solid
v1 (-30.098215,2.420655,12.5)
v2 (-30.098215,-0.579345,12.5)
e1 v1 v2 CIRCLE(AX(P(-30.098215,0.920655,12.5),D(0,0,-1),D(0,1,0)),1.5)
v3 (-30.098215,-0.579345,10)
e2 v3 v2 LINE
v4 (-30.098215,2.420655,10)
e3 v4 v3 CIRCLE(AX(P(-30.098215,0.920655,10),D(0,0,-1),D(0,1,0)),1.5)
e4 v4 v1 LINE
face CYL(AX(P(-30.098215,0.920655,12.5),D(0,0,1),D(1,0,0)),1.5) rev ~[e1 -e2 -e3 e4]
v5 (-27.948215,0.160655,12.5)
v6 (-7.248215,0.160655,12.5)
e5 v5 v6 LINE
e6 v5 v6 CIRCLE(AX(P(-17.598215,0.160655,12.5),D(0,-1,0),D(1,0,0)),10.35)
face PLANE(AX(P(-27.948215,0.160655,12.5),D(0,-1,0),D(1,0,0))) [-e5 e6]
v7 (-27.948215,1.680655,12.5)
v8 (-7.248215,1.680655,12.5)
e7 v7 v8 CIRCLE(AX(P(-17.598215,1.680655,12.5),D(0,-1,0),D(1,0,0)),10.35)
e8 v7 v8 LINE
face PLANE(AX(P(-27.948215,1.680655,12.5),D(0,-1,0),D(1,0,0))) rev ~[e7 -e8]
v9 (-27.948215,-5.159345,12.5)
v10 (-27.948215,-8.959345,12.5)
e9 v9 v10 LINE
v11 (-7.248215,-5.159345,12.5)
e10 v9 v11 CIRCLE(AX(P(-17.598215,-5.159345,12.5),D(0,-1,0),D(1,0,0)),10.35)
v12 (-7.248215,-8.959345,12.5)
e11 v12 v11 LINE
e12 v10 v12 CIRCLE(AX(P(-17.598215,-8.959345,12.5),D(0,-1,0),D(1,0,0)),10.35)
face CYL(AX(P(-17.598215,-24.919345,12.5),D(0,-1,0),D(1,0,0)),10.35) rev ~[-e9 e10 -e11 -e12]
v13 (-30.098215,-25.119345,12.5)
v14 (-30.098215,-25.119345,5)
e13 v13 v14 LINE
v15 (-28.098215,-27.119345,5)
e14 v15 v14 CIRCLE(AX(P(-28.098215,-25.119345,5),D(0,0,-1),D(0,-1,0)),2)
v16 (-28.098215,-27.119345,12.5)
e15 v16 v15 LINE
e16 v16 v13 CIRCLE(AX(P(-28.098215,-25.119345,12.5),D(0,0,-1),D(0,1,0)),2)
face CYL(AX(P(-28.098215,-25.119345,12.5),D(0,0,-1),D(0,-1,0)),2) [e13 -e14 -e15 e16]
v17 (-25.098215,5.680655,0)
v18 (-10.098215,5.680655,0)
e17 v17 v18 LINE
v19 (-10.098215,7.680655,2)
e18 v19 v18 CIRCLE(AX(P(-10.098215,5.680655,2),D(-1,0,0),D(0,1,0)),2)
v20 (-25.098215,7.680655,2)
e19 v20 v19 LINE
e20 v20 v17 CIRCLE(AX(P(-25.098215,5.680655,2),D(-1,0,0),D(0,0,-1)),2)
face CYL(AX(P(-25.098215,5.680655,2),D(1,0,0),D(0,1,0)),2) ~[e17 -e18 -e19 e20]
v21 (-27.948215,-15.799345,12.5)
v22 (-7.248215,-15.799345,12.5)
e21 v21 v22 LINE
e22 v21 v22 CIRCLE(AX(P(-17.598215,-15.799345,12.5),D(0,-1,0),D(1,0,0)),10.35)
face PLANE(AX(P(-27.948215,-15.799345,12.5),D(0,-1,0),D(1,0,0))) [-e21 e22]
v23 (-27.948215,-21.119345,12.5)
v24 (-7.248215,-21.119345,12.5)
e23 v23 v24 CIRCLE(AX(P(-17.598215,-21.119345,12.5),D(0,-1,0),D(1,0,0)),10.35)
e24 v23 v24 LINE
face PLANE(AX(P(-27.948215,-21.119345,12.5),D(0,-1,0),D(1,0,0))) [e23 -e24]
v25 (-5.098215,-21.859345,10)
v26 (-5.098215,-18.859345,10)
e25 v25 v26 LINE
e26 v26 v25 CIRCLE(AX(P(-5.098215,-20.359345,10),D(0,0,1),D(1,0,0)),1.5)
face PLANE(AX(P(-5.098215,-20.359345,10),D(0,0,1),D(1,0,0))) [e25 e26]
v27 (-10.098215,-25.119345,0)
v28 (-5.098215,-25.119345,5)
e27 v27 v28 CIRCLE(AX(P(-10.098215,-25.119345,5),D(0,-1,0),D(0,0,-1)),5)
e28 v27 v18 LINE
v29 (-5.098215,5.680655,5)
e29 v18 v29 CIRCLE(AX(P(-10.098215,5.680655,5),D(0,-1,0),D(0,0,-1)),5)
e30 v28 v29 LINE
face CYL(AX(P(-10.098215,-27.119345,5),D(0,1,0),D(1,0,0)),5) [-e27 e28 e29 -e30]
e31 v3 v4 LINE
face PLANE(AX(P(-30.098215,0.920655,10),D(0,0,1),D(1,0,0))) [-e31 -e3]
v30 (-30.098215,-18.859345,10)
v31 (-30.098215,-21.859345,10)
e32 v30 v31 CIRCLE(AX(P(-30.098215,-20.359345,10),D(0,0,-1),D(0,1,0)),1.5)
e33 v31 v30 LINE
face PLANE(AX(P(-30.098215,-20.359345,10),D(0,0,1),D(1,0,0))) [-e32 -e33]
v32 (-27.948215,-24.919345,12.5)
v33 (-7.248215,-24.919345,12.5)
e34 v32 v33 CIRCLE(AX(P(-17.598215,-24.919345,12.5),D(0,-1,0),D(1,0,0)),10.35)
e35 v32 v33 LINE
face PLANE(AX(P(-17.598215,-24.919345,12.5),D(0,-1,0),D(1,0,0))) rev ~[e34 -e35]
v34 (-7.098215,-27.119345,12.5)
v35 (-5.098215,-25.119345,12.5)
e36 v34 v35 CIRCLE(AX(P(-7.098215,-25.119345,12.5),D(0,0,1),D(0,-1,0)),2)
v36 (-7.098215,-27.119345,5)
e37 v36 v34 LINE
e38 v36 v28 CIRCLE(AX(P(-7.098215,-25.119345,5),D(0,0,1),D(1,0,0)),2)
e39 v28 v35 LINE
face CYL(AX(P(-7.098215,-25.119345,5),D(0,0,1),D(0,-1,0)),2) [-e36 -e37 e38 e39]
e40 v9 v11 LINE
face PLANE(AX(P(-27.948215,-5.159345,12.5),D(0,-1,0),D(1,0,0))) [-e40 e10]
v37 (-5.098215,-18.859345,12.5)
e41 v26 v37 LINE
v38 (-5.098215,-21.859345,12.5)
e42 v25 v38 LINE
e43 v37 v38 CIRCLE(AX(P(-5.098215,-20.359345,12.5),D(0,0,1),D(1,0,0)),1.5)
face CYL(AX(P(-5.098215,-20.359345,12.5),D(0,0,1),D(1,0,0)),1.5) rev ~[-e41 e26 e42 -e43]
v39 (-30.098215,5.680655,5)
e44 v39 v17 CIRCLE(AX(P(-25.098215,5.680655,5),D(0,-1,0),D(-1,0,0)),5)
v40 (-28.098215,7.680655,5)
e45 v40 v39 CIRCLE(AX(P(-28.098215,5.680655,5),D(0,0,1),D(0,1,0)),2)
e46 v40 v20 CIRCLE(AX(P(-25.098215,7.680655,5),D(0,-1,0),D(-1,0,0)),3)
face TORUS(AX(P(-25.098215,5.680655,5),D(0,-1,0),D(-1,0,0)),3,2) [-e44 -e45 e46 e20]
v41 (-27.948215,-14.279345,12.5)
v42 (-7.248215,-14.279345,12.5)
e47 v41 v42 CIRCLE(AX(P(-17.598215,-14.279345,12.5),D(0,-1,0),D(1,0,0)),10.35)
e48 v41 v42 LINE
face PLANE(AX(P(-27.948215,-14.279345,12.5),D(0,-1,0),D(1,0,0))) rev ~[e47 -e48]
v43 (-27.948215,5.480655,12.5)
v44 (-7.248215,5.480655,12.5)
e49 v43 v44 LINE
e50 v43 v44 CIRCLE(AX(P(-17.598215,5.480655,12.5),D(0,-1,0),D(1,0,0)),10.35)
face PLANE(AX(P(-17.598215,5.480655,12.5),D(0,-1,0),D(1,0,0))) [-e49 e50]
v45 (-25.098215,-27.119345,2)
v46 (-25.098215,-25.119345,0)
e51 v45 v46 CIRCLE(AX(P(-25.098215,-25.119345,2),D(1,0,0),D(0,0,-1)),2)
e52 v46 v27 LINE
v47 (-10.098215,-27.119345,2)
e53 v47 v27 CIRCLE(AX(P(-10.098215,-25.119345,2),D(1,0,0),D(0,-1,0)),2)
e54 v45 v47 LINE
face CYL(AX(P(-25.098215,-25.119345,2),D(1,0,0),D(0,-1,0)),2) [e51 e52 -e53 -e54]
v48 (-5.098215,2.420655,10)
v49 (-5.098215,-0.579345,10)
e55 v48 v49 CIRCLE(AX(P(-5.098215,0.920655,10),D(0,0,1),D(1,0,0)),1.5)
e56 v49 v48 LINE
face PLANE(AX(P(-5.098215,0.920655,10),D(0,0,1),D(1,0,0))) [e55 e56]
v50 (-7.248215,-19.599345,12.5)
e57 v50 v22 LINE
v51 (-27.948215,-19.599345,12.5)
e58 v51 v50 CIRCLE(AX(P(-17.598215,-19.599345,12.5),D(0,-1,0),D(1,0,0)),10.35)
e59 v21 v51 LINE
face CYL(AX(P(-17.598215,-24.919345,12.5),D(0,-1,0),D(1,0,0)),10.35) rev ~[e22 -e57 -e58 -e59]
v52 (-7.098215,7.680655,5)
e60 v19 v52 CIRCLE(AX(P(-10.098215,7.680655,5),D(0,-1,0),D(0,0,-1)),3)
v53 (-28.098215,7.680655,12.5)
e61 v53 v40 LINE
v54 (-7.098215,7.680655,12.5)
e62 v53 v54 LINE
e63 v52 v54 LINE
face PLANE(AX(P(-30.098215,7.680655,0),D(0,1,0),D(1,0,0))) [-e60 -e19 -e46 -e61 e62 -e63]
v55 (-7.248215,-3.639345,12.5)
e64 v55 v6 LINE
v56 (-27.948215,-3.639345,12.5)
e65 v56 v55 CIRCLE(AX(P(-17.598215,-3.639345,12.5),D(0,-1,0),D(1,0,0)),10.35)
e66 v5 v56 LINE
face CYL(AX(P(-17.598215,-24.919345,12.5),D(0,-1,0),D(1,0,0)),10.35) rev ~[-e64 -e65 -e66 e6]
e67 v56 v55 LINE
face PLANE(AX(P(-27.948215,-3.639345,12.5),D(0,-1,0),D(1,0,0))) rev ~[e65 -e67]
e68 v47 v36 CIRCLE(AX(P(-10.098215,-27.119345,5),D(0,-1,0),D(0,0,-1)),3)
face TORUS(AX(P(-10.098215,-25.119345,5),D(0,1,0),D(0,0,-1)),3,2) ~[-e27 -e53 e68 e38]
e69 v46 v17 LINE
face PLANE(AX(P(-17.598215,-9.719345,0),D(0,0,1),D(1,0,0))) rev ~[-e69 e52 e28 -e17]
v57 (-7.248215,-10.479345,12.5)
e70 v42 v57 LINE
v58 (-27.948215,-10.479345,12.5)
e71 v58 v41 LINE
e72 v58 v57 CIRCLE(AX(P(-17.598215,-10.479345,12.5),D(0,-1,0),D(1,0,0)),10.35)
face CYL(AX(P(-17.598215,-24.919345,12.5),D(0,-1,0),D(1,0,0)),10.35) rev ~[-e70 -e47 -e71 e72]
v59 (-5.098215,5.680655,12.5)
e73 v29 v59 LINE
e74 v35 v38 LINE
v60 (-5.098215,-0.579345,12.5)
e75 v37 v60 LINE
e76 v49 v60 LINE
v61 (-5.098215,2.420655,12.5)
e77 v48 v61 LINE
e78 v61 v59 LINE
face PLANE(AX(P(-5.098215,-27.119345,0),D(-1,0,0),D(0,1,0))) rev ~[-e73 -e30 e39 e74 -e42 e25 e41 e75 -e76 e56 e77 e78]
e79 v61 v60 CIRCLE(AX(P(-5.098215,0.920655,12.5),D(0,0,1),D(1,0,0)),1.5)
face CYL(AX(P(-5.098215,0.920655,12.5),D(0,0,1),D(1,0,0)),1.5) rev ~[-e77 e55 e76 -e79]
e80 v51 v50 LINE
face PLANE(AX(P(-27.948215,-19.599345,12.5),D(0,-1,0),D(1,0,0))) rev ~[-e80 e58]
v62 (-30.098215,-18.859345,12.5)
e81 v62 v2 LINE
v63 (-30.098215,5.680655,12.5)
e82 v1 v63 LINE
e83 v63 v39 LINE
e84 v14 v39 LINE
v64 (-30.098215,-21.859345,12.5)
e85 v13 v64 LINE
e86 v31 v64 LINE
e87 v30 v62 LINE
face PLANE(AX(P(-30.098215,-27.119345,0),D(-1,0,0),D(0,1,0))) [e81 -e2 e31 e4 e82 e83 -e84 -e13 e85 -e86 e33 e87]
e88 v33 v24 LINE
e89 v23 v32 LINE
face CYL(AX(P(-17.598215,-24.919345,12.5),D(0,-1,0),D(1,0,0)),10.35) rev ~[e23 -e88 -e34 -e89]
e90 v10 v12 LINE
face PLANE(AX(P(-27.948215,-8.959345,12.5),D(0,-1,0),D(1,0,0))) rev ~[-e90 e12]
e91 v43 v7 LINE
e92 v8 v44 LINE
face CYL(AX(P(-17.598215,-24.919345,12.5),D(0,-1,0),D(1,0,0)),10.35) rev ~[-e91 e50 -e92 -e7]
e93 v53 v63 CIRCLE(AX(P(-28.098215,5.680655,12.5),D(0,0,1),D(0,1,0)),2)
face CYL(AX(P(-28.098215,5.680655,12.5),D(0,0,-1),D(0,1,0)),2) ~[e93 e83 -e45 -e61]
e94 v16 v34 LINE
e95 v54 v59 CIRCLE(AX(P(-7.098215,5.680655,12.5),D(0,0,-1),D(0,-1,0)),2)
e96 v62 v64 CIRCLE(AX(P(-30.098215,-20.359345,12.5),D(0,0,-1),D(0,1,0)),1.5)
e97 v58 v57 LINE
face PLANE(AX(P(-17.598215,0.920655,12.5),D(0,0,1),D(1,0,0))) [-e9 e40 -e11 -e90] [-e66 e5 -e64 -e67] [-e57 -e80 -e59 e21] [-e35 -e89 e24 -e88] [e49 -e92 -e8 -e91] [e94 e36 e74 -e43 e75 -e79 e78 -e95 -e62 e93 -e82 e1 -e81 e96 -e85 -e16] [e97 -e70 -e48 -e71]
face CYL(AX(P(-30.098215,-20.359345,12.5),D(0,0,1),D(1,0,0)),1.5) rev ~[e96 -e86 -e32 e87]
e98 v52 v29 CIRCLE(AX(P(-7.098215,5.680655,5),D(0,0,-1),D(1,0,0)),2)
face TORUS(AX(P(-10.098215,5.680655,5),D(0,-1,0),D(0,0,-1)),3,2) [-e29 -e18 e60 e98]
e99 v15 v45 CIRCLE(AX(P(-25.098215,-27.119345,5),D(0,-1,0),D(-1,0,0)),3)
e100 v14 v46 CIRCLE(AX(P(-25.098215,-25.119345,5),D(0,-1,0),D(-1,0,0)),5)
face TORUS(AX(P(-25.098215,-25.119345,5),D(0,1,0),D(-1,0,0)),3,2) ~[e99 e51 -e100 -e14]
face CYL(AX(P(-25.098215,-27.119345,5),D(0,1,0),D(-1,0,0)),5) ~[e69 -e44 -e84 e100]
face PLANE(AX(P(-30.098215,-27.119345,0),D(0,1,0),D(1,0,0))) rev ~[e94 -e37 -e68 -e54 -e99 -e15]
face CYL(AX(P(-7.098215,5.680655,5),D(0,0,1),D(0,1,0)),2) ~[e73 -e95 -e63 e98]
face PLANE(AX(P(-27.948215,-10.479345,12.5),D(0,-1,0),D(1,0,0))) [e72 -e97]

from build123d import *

# Parameters (mm, degrees)
F0_W     = 25
F0_H     = 34.8
F1_DEPTH = 12.5
F3_START = -2.2
F2_R     = 10.35
F3_DEPTH = 30.4
F4_W     = 20.7
F4_H     = 1.52
F5_DEPTH = 10.6
F6_R     = 5
F7_R     = 2
F8_R     = 1.5
F9_DEPTH = 2.5


with BuildPart() as f1:
    # F0 (on Top) → F1 (new body)
    with BuildSketch(Plane.XY):
        with Locations((-17.5982150249, -9.7193448131)):
            Rectangle(F0_W, F0_H)
    extrude(amount=F1_DEPTH)

    # F2 (on face) → F3 (cut)
    with BuildSketch(Plane.XZ.offset(27.1193448131).offset(F3_START)):
        with Locations((-17.5982150249, 12.5)):
            Circle(F2_R)
    extrude(amount=-F3_DEPTH, mode=Mode.SUBTRACT)

    # F4 (on face) → F5 (join)
    with BuildSketch(Plane.XY.offset(12.5)):
        with Locations((-17.5982150249, 0.9206551869)):
            Rectangle(F4_W, F4_H)
        with Locations((-17.5982150249, -4.3993448131)):
            Rectangle(F4_W, F4_H)
        with Locations((-17.5982150249, -9.7193448131)):
            Rectangle(F4_W, F4_H)
        with Locations((-17.5982150249, -15.0393448131)):
            Rectangle(F4_W, F4_H)
        with Locations((-17.5982150249, -20.3593448131)):
            Rectangle(F4_W, F4_H)
    extrude(amount=-F5_DEPTH)

    # F6
    f6_edges = [f1.edges().sort_by_distance(p)[0] for p in [
        (-5.098215, -9.719345, 0),
        (-30.098215, -9.719345, 0),
    ]]
    fillet(f6_edges, radius=F6_R)

    # F7
    f7_edges = [f1.edges().sort_by_distance(p)[0] for p in [
        (-5.098215, -27.119345, 8.75),
        (-5.098215, 7.680655, 8.75),
    ]]
    fillet(f7_edges, radius=F7_R)

    # F8 (on face) → F9 (cut)
    with BuildSketch(Plane.XY.offset(12.5)):
        with Locations((-30.0982150249, 0.9206551869)):
            Circle(F8_R)
        with Locations((-5.0982150249, 0.9206551869)):
            Circle(F8_R)
        with Locations((-5.0982150249, -20.3593448131)):
            Circle(F8_R)
        with Locations((-30.0982150249, -20.3593448131)):
            Circle(F8_R)
    extrude(amount=-F9_DEPTH, mode=Mode.SUBTRACT)


solid = f1.part
